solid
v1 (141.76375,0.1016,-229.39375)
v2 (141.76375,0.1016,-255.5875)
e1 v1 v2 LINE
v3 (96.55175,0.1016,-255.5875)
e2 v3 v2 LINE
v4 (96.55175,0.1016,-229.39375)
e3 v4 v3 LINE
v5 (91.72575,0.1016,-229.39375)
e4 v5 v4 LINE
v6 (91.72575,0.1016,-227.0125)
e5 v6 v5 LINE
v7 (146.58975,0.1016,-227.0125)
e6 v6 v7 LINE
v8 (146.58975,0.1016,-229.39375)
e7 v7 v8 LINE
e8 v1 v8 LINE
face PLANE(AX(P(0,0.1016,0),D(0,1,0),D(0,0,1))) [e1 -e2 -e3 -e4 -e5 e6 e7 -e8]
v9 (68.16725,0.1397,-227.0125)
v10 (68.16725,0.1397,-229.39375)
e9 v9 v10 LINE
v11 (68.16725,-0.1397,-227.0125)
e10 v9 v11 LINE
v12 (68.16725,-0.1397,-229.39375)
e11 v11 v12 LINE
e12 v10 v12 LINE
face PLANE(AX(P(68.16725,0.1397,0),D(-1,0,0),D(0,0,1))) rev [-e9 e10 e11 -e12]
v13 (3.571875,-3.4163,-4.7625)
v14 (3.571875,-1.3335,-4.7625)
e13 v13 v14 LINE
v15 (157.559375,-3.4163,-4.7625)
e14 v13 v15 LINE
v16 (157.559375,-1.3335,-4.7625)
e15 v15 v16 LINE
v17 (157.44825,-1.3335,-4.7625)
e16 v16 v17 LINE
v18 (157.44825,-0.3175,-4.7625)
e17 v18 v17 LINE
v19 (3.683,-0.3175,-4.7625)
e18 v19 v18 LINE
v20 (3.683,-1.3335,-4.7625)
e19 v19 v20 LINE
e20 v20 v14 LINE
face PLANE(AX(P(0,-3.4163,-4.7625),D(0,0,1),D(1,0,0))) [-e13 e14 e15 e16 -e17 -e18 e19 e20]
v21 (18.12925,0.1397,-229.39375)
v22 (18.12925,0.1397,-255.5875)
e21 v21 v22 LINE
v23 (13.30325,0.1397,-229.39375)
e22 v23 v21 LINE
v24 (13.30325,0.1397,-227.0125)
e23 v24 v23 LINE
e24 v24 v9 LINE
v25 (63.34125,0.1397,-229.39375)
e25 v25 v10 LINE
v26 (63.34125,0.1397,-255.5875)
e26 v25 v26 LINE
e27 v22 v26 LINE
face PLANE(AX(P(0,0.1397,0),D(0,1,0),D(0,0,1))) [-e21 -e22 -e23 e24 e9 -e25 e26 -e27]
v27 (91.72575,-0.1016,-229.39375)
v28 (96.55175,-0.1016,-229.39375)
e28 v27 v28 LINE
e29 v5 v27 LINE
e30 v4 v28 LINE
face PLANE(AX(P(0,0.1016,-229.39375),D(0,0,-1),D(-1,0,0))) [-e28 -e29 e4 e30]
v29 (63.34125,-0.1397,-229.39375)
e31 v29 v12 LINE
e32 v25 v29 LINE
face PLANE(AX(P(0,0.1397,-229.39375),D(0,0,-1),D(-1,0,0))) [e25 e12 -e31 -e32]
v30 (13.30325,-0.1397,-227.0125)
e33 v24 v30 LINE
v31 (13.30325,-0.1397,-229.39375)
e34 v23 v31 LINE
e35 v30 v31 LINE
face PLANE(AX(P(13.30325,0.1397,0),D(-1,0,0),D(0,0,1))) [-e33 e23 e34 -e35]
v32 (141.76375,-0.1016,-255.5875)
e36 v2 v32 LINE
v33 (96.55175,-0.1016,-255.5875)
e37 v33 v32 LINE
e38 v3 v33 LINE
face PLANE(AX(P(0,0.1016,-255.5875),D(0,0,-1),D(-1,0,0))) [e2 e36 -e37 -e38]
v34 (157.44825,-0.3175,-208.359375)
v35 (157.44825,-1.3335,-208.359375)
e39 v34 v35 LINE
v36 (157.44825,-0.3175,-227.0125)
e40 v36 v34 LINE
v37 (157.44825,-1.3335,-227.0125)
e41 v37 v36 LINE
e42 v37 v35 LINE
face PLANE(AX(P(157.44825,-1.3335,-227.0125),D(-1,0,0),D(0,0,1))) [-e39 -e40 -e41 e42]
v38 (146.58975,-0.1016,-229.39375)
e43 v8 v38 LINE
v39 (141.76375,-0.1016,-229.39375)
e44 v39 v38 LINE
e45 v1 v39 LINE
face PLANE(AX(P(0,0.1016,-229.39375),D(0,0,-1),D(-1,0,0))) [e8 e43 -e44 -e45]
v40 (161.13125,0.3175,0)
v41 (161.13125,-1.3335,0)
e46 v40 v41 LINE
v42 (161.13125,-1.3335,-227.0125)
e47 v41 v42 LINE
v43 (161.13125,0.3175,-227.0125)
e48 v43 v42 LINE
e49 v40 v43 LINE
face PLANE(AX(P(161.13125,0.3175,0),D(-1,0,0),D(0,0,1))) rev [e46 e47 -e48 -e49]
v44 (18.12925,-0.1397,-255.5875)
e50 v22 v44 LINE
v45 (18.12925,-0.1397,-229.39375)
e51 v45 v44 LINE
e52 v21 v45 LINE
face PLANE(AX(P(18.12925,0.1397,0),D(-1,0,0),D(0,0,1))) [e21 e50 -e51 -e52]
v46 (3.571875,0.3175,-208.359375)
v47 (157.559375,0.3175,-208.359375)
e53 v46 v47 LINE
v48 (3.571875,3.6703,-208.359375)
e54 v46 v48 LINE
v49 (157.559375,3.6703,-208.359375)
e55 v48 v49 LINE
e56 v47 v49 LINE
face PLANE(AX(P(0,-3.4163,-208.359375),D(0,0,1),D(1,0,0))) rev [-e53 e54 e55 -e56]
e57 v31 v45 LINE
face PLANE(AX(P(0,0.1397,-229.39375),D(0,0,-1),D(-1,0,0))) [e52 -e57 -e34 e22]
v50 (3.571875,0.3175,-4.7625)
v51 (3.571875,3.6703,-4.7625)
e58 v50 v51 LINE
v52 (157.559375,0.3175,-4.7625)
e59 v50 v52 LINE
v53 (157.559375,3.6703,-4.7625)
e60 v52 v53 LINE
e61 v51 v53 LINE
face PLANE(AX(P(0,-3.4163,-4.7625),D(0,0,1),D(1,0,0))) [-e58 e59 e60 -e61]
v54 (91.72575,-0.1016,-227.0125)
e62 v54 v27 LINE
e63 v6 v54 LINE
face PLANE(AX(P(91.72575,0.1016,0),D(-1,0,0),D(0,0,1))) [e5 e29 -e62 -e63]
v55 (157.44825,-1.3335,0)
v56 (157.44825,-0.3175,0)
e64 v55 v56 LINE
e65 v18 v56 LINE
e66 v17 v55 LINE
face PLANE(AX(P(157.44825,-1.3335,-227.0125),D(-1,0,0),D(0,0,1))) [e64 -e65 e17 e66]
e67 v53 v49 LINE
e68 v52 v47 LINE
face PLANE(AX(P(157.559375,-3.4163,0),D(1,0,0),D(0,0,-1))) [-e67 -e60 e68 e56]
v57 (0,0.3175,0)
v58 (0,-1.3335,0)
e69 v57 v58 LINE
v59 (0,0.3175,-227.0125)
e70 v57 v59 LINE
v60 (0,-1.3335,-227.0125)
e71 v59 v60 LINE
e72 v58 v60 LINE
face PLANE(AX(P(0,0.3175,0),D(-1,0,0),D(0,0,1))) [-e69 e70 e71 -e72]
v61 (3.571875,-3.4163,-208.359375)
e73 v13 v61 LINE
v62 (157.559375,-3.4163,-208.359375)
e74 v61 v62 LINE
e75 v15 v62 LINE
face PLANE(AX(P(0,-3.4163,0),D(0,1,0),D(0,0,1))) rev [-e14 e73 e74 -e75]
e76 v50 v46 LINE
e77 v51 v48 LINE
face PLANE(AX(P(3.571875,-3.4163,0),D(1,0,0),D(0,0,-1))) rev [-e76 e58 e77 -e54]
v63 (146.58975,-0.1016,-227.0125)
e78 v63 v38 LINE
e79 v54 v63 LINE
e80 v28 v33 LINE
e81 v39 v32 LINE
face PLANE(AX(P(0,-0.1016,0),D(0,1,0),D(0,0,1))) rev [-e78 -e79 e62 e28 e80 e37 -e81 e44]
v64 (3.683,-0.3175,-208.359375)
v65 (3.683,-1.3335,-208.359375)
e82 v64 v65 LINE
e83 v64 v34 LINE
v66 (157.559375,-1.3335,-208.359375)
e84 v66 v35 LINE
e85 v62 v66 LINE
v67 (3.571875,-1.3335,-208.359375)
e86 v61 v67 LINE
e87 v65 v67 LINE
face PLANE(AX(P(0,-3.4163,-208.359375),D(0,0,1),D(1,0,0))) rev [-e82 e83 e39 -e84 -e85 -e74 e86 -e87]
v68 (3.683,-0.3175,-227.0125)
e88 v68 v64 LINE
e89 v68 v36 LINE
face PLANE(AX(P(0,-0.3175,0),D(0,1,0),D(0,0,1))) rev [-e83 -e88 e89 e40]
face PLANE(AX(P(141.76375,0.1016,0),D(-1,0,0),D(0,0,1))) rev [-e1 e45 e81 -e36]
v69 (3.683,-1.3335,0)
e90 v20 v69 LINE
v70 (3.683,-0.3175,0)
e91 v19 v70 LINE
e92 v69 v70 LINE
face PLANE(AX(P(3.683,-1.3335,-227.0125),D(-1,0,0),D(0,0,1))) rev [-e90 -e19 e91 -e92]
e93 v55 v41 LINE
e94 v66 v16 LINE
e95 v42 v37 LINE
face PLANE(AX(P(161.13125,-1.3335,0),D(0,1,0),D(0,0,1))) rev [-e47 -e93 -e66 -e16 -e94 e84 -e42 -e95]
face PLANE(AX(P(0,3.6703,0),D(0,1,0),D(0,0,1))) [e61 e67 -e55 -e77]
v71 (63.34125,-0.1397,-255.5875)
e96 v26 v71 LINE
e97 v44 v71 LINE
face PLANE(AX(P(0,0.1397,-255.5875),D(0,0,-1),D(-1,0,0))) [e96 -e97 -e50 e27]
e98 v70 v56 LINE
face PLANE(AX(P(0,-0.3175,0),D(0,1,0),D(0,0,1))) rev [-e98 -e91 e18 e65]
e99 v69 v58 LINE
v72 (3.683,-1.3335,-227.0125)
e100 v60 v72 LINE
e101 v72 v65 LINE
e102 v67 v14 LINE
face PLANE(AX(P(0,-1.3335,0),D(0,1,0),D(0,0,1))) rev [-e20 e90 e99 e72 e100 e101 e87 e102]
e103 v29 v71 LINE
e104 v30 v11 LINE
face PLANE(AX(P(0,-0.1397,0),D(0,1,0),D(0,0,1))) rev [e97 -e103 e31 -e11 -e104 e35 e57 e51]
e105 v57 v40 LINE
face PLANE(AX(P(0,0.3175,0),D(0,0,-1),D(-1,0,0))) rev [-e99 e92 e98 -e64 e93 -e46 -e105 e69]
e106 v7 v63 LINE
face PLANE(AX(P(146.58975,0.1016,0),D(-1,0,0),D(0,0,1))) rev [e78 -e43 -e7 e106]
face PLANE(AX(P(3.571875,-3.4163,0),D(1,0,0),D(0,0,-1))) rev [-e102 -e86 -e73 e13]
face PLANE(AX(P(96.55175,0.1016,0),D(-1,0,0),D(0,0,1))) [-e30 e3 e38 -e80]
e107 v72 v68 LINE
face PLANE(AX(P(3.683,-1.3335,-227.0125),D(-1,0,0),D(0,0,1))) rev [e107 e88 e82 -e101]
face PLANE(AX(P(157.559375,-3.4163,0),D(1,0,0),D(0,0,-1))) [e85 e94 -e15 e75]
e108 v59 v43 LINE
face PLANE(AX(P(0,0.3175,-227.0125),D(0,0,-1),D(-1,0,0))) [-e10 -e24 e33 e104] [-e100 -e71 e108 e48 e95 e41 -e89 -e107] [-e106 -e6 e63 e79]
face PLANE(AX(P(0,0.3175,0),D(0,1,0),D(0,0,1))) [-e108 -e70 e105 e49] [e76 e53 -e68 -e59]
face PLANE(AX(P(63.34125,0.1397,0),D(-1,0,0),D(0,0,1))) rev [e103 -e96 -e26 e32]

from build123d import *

# Parameters (mm, degrees)
SKETCH1_W             = 153.9875
SKETCH1_H             = 203.596875
CELL_INSULATION_DEPTH = 0.3175
CELL_BODY_DEPTH       = 3.6703
CELL_BODY_DEPTH_BACK  = 3.4163
SKETCH1_3_W           = 153.9875
SKETCH1_3_H           = 203.596875
ANODE_TAB_DEPTH       = 0.1016
CATHODE_TAB_DEPTH     = 0.1397
SKETCH2_W             = 3.683
SKETCH2_H             = 227.0125
EDGE_FOLD_DEPTH       = 1.016


with BuildPart() as part:
    # Sketch1 → Cell Insulation (new, symmetric)
    with BuildSketch(Plane(origin=(0, 0, 0), x_dir=(1, 0, 0), z_dir=(0, 1, 0))):
        Polygon((0, 227.0125), (0, 0), (161.13125, 0), (161.13125, 227.0125), (146.58975, 227.0125), (141.76375, 227.0125), (96.55175, 227.0125), (91.72575, 227.0125), (68.16725, 227.0125), (63.34125, 227.0125), (18.12925, 227.0125), (13.30325, 227.0125), align=None)
        with Locations((80.565625, 106.5609375)):
            Rectangle(SKETCH1_W, SKETCH1_H, mode=Mode.SUBTRACT)
    extrude(amount=CELL_INSULATION_DEPTH, both=True)

    # Sketch1<3> → Cell Body (add, two sides: drawn at the far end of the back side and taken through both)
    with BuildSketch(Plane(origin=(0, 0, 0), x_dir=(1, 0, 0), z_dir=(0, 1, 0)).offset(-CELL_BODY_DEPTH_BACK)):
        with Locations((80.565625, 106.5609375)):
            Rectangle(SKETCH1_3_W, SKETCH1_3_H)
    extrude(amount=CELL_BODY_DEPTH + CELL_BODY_DEPTH_BACK)

    # Sketch1<4> → Anode Tab (add, symmetric)
    with BuildSketch(Plane(origin=(0, 0, 0), x_dir=(1, 0, 0), z_dir=(0, 1, 0))):
        Polygon((146.58975, 227.0125), (146.58975, 229.39375), (141.76375, 229.39375), (141.76375, 255.5875), (96.55175, 255.5875), (96.55175, 229.39375), (91.72575, 229.39375), (91.72575, 227.0125), align=None)
    extrude(amount=ANODE_TAB_DEPTH, both=True)

    # Sketch1<5> → Cathode Tab (add, symmetric)
    with BuildSketch(Plane(origin=(0, 0, 0), x_dir=(1, 0, 0), z_dir=(0, 1, 0))):
        Polygon((13.30325, 229.39375), (13.30325, 227.0125), (68.16725, 227.0125), (68.16725, 229.39375), (63.34125, 229.39375), (63.34125, 255.5875), (18.12925, 255.5875), (18.12925, 229.39375), align=None)
    extrude(amount=CATHODE_TAB_DEPTH, both=True)

    # Sketch2 → Edge Fold (add)
    with BuildSketch(Plane.XZ.offset(0.3175)):
        with Locations((1.8415, -113.50625)):
            Rectangle(SKETCH2_W, SKETCH2_H)
    edge_fold = extrude(amount=EDGE_FOLD_DEPTH)

    # Edge Folds Mirror: Edge Fold across plane
    add(edge_fold.mirror(Plane.ZY.offset(-80.565625)))


solid = part.part
